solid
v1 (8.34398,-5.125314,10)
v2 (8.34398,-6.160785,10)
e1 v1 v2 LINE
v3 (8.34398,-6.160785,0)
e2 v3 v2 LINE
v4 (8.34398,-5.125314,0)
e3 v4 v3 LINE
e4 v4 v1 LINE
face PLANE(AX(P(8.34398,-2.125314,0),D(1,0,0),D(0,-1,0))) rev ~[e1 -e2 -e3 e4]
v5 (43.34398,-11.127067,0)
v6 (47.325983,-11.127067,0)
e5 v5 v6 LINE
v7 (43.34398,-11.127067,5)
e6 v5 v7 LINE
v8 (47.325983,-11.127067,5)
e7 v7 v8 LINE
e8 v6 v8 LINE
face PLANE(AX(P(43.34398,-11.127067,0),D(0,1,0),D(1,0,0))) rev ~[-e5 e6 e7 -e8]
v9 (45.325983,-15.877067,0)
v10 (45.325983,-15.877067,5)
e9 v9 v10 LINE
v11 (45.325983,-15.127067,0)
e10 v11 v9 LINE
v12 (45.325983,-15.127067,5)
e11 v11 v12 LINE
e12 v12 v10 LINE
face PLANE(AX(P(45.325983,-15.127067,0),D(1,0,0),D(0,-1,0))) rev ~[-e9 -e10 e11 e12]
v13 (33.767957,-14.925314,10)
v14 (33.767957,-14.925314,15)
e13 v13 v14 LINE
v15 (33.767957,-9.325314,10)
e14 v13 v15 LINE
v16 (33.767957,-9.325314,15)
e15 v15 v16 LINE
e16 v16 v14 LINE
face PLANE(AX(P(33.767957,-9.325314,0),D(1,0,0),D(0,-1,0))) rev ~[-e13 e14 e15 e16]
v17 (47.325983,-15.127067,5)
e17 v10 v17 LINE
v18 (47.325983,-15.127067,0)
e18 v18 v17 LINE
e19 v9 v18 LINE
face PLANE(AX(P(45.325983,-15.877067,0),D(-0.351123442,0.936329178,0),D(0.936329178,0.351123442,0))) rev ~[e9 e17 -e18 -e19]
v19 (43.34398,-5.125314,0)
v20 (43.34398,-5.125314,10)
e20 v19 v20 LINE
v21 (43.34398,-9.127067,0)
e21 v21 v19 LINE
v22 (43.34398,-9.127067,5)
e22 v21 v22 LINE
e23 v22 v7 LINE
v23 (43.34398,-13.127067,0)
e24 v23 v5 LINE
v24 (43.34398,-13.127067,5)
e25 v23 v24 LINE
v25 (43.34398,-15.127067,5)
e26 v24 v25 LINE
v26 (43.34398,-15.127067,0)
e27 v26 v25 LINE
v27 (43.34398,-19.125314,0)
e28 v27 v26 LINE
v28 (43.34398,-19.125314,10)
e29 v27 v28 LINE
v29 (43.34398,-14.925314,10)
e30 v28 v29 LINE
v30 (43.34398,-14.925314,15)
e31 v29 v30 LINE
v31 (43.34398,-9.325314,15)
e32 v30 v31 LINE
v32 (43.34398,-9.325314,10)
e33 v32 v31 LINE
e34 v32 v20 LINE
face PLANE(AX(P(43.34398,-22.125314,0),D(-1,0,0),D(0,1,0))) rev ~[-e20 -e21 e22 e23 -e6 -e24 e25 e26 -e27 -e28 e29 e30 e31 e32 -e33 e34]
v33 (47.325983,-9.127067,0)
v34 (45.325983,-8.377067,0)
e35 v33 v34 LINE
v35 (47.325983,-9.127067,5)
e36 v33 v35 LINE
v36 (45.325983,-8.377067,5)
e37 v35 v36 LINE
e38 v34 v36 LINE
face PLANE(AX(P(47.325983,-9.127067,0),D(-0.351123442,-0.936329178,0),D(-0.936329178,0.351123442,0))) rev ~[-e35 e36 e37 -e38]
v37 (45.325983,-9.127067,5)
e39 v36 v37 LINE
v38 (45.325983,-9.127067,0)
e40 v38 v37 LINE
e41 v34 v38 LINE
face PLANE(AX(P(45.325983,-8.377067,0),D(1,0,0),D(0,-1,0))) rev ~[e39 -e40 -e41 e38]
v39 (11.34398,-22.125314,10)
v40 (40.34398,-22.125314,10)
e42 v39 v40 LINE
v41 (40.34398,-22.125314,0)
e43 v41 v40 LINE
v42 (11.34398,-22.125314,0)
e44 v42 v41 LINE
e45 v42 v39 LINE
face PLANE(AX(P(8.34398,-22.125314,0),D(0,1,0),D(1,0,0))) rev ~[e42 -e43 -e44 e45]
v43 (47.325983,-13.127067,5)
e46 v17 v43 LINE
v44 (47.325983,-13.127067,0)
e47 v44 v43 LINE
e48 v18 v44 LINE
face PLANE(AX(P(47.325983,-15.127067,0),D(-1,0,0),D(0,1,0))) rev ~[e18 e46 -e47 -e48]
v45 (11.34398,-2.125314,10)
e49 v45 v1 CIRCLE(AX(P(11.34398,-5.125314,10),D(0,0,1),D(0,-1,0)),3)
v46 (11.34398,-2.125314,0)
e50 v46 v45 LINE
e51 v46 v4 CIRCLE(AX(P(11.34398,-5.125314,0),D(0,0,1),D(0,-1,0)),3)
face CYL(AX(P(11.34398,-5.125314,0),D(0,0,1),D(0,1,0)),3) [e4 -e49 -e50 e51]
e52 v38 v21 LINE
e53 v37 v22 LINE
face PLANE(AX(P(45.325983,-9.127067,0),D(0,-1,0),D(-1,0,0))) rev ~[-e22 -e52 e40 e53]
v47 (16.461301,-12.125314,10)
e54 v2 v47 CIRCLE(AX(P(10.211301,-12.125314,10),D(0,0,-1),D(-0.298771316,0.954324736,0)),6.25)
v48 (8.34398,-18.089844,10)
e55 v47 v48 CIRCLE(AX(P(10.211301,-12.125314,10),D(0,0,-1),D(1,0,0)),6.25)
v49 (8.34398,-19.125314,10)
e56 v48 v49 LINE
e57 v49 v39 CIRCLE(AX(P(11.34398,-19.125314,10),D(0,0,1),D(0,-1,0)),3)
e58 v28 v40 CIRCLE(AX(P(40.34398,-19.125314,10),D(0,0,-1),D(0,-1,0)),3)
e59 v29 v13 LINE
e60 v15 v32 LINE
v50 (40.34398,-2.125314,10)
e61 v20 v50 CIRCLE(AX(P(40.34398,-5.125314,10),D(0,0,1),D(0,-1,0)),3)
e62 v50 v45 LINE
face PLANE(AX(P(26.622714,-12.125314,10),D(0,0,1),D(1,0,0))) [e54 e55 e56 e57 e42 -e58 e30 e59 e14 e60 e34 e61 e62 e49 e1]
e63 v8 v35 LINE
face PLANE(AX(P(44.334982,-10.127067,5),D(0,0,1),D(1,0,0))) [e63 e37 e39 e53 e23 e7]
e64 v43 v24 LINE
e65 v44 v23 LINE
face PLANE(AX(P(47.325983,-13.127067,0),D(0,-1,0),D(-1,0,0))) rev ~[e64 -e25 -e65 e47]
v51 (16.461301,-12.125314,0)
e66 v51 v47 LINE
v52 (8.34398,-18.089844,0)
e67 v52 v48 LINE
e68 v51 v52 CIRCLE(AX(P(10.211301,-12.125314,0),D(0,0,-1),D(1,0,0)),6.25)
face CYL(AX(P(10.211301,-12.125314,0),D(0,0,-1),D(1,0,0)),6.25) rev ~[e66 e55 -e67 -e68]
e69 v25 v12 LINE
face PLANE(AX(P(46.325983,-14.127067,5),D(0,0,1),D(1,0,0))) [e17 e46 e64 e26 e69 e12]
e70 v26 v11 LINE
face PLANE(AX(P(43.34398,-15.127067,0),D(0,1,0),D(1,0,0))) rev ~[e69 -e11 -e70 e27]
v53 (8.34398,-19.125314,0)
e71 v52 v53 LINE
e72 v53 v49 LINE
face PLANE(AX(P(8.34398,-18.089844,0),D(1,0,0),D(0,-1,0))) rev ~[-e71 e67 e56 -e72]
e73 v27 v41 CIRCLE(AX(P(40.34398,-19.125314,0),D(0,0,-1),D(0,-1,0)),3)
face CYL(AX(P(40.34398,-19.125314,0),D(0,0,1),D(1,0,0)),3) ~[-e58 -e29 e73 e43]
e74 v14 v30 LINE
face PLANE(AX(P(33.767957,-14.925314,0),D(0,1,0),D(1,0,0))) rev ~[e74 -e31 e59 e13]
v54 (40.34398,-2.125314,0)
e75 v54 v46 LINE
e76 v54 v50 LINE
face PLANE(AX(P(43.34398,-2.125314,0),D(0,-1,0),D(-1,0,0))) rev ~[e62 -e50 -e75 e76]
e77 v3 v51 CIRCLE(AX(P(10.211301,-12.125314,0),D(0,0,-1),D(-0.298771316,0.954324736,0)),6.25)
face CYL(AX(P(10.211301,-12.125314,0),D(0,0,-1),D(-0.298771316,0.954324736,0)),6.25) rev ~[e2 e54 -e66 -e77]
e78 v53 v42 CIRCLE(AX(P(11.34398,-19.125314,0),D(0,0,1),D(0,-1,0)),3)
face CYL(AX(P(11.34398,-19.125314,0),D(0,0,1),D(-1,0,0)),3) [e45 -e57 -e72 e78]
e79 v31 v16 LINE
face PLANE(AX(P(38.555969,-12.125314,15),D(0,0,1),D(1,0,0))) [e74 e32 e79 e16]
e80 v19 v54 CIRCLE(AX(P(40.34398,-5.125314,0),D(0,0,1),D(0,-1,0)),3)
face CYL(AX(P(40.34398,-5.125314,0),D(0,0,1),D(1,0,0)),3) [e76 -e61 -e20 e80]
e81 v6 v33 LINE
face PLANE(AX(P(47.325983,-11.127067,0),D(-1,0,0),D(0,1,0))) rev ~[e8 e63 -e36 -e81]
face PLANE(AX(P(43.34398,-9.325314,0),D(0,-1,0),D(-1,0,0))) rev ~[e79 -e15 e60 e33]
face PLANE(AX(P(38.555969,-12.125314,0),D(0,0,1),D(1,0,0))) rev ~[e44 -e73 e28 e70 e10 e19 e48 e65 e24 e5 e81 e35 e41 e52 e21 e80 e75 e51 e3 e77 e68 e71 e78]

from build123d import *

# Parameters (mm, degrees)
F1_DEPTH = 10
F2_DEPTH = 15
F3_R     = 3
F0_W     = 2
F0_H     = 2
F4_DEPTH = 5


with BuildPart() as f1:
    # F0 (on Top) → F1 (new body)
    with BuildSketch(Plane.XY):
        with BuildLine():
            Line((43.3439803123, -2.1253142133), (8.3439803123, -2.1253142133))
            Line((8.3439803123, -2.1253142133), (8.3439803123, -6.1607846163))
            ThreePointArc((8.3439803123, -6.1607846163), (13.9120945643, -7.088784926), (16.4613010362, -12.1253142133))
            ThreePointArc((16.4613010362, -12.1253142133), (13.9120945643, -17.1618435006), (8.3439803123, -18.0898438104))
            Line((8.3439803123, -18.0898438104), (8.3439803123, -22.1253142133))
            Line((8.3439803123, -22.1253142133), (43.3439803123, -22.1253142133))
            Line((43.3439803123, -22.1253142133), (43.3439803123, -15.1270665228))
            Line((43.3439803123, -15.1270665228), (43.3439803123, -14.9253142133))
            Line((43.3439803123, -14.9253142133), (33.7679572403, -14.9253142133))
            Line((33.7679572403, -14.9253142133), (33.7679572403, -9.3253142133))
            Line((33.7679572403, -9.3253142133), (43.3439803123, -9.3253142133))
            Line((43.3439803123, -9.3253142133), (43.3439803123, -9.1270665228))
            Line((43.3439803123, -9.1270665228), (43.3439803123, -2.1253142133))
        make_face()
        Polygon((43.3439803123, -11.1270665228), (43.3439803123, -9.3253142133), (33.7679572403, -9.3253142133), (33.7679572403, -14.9253142133), (43.3439803123, -14.9253142133), (43.3439803123, -13.1270665228), align=None)
    extrude(amount=F1_DEPTH)

    # F0 (on Top) → F2 (join)
    with BuildSketch(Plane.XY):
        Polygon((43.3439803123, -11.1270665228), (43.3439803123, -9.3253142133), (33.7679572403, -9.3253142133), (33.7679572403, -14.9253142133), (43.3439803123, -14.9253142133), (43.3439803123, -13.1270665228), align=None)
    extrude(amount=F2_DEPTH)

    # F3
    f3_edges = [f1.edges().sort_by_distance(p)[0] for p in [
        (8.34398, -22.125314, 5),
        (43.34398, -22.125314, 5),
        (43.34398, -2.125314, 5),
        (8.34398, -2.125314, 5),
    ]]
    fillet(f3_edges, radius=F3_R)

    # F0 (on Top) → F4 (join)
    with BuildSketch(Plane.XY):
        Polygon((45.3259829879, -9.1270665228), (43.3439803123, -9.1270665228), (43.3439803123, -9.3253142133), (43.3439803123, -11.1270665228), (44.0259829879, -11.1270665228), (45.3259829879, -11.1270665228), align=None)
        with Locations((46.3259829879, -10.1270665228)):
            Rectangle(F0_W, F0_H)
        Polygon((45.3259829879, -8.3770665228), (45.3259829879, -9.1270665228), (47.3259829879, -9.1270665228), align=None)
        with Locations((46.3259829879, -14.1270665228)):
            Rectangle(F0_W, F0_H)
        Polygon((47.3259829879, -15.1270665228), (45.3259829879, -15.1270665228), (45.3259829879, -15.8770665228), align=None)
        Polygon((44.0259829879, -13.1270665228), (43.3439803123, -13.1270665228), (43.3439803123, -14.9253142133), (43.3439803123, -15.1270665228), (45.3259829879, -15.1270665228), (45.3259829879, -13.1270665228), align=None)
    extrude(amount=F4_DEPTH)


solid = f1.part
